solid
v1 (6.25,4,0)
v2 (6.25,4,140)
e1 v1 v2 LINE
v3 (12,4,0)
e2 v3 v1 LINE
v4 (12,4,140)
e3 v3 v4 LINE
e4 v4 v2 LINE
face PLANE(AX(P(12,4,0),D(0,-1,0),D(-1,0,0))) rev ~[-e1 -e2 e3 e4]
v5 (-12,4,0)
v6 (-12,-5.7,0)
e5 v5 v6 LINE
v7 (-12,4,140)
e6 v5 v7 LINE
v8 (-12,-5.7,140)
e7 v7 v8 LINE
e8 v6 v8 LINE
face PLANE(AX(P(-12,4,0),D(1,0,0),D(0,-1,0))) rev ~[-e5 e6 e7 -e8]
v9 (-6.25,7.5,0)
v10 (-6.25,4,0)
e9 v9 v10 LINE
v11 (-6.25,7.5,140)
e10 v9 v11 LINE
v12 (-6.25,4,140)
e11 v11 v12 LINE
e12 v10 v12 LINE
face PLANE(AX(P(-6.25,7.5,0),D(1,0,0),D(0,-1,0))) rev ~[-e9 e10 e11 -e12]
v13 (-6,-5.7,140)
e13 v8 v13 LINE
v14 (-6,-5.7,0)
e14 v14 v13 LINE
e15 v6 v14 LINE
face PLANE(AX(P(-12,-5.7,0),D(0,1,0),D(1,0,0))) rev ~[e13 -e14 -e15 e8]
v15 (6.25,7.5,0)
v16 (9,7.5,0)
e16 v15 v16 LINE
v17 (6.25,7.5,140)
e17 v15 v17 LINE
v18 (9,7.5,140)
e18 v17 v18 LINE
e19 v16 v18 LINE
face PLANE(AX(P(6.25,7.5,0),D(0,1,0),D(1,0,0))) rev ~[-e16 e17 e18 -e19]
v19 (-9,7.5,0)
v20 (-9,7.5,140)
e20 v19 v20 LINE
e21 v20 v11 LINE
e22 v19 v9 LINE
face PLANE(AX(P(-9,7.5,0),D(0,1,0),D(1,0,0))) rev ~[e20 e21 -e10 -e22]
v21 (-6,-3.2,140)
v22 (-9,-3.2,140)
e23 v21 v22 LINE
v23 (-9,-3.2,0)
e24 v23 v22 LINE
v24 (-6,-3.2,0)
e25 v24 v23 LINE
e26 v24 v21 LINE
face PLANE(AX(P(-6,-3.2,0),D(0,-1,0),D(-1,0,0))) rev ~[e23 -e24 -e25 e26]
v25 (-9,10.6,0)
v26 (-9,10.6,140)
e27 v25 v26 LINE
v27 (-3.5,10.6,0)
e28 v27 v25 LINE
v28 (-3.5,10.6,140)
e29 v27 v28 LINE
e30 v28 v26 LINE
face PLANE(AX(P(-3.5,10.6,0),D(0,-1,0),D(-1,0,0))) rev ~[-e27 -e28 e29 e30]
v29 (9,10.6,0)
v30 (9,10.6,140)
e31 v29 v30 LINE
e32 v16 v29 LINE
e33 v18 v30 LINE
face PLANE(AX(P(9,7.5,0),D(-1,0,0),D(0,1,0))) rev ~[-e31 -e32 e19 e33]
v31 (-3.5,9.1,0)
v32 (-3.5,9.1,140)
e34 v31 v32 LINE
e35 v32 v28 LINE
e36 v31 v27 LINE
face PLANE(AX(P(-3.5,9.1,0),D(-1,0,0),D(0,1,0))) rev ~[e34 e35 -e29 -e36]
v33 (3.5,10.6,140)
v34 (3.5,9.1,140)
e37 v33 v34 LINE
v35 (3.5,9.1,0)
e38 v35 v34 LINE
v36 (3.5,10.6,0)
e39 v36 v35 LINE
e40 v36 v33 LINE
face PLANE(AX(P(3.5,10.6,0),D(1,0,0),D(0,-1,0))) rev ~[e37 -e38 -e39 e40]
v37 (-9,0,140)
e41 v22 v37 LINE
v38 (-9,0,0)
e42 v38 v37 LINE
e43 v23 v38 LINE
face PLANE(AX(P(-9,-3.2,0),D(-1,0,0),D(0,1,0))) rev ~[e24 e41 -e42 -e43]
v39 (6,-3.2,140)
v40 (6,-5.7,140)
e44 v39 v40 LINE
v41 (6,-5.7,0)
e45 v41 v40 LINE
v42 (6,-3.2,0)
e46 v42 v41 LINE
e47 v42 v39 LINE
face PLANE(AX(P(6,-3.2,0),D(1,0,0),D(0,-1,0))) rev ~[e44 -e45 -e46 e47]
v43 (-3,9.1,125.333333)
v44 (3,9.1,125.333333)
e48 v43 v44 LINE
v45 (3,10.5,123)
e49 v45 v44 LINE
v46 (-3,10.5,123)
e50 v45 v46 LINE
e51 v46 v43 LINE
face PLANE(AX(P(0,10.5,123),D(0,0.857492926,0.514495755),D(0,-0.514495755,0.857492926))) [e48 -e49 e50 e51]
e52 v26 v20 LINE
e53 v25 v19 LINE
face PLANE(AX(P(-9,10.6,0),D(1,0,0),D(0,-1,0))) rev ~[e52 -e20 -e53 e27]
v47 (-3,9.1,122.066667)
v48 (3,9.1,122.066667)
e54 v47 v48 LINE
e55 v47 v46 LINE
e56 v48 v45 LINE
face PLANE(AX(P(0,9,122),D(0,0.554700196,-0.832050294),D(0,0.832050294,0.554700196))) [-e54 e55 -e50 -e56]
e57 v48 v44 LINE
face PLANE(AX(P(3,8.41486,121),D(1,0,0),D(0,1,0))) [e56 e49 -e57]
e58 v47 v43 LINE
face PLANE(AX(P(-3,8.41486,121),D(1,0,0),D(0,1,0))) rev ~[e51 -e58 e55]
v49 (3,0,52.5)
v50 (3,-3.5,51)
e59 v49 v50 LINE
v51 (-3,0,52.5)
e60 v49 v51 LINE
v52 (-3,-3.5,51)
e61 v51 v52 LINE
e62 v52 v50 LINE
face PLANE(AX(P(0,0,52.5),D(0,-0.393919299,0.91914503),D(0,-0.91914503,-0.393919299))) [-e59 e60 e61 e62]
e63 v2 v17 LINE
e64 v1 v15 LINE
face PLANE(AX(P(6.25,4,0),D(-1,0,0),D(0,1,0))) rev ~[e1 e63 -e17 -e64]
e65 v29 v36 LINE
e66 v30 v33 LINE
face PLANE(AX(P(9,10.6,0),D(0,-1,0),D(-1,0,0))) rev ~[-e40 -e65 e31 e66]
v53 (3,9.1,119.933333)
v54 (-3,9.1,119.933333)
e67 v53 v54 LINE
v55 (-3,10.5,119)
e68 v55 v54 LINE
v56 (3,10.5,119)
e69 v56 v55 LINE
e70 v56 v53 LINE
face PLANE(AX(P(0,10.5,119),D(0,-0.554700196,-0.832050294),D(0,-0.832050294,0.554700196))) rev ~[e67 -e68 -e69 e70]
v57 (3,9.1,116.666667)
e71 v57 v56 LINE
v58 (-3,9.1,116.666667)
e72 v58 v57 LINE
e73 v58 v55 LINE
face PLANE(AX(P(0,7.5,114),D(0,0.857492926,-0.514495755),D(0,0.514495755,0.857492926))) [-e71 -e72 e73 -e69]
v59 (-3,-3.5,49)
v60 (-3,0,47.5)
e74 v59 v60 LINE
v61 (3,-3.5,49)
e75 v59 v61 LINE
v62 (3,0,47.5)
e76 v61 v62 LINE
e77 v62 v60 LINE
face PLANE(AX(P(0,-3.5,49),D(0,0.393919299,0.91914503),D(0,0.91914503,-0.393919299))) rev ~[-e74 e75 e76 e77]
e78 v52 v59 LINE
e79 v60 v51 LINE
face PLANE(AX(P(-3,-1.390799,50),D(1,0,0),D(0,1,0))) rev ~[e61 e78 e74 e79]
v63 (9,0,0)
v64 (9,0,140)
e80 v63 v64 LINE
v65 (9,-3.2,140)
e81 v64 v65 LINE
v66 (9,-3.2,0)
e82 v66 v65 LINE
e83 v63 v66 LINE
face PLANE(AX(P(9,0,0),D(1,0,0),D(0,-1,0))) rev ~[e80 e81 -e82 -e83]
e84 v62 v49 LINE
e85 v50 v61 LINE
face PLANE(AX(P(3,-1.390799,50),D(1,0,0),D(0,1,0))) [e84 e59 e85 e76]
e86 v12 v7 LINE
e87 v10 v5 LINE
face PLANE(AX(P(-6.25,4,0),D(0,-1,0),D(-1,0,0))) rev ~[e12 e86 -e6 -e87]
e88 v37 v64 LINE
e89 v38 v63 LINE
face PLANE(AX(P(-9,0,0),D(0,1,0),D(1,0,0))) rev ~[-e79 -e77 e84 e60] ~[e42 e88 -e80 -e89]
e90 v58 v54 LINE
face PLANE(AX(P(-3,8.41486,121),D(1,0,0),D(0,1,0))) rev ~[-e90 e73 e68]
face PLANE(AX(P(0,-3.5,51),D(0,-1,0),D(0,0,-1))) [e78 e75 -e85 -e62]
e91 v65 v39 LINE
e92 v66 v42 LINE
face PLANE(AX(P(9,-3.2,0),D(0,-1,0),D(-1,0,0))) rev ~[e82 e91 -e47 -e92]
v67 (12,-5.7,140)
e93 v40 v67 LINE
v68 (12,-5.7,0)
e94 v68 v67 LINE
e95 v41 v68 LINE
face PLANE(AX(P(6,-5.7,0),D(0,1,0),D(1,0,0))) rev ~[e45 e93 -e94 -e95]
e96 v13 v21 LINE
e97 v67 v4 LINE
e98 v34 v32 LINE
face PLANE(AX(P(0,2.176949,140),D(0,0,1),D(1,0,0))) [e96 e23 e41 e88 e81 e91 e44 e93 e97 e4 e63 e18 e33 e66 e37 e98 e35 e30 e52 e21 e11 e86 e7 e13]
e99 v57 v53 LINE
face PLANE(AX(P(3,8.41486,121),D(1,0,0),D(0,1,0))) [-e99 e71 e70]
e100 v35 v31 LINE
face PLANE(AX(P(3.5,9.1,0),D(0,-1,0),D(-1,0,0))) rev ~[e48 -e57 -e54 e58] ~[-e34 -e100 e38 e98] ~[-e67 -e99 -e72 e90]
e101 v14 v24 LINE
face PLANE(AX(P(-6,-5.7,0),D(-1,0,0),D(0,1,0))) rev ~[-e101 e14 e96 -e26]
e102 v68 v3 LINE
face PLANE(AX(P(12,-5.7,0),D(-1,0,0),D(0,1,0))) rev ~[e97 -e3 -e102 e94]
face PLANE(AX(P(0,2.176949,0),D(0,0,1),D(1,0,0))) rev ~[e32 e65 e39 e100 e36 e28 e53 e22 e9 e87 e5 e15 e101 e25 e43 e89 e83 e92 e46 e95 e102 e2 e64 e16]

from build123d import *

# Parameters (mm, degrees)
F1_DEPTH      = 140
F3_DEPTH      = 3
F3_DEPTH_BACK = 3
F5_DEPTH      = 3
F5_DEPTH_BACK = 3


with BuildPart() as f1:
    # F0 (on Top) → F1 (new body)
    with BuildSketch(Plane.XY):
        Polygon((-9, 0), (0, 0), (9, 0), (9, -3.2), (6, -3.2), (6, -5.7), (12, -5.7), (12, 4), (6.25, 4), (6.25, 7.5), (9, 7.5), (9, 10.6), (3.5, 10.6), (3.5, 9.1), (0, 9.1), (-3.5, 9.1), (-3.5, 10.6), (-9, 10.6), (-9, 7.5), (-6.25, 7.5), (-6.25, 4), (-12, 4), (-12, -5.7), (-6, -5.7), (-6, -3.2), (-9, -3.2), align=None)
    extrude(amount=F1_DEPTH)

    # F2 (on Right) → F3 (join, two sides)
    with BuildSketch(Plane.YZ) as f3_sk:
        Polygon((0, 52.5), (-3.5, 51), (-3.5, 49), (0, 47.5), align=None)
    extrude(amount=F3_DEPTH)
    extrude(f3_sk.sketch, amount=-F3_DEPTH_BACK)

    # F4 (on Right) → F5 (join, two sides)
    with BuildSketch(Plane.YZ) as f5_sk:
        Polygon((7.5, 128), (7.5, 114), (10.5, 119), (9, 120), (9, 122), (10.5, 123), align=None)
    extrude(amount=F5_DEPTH)
    extrude(f5_sk.sketch, amount=-F5_DEPTH_BACK)


solid = f1.part
